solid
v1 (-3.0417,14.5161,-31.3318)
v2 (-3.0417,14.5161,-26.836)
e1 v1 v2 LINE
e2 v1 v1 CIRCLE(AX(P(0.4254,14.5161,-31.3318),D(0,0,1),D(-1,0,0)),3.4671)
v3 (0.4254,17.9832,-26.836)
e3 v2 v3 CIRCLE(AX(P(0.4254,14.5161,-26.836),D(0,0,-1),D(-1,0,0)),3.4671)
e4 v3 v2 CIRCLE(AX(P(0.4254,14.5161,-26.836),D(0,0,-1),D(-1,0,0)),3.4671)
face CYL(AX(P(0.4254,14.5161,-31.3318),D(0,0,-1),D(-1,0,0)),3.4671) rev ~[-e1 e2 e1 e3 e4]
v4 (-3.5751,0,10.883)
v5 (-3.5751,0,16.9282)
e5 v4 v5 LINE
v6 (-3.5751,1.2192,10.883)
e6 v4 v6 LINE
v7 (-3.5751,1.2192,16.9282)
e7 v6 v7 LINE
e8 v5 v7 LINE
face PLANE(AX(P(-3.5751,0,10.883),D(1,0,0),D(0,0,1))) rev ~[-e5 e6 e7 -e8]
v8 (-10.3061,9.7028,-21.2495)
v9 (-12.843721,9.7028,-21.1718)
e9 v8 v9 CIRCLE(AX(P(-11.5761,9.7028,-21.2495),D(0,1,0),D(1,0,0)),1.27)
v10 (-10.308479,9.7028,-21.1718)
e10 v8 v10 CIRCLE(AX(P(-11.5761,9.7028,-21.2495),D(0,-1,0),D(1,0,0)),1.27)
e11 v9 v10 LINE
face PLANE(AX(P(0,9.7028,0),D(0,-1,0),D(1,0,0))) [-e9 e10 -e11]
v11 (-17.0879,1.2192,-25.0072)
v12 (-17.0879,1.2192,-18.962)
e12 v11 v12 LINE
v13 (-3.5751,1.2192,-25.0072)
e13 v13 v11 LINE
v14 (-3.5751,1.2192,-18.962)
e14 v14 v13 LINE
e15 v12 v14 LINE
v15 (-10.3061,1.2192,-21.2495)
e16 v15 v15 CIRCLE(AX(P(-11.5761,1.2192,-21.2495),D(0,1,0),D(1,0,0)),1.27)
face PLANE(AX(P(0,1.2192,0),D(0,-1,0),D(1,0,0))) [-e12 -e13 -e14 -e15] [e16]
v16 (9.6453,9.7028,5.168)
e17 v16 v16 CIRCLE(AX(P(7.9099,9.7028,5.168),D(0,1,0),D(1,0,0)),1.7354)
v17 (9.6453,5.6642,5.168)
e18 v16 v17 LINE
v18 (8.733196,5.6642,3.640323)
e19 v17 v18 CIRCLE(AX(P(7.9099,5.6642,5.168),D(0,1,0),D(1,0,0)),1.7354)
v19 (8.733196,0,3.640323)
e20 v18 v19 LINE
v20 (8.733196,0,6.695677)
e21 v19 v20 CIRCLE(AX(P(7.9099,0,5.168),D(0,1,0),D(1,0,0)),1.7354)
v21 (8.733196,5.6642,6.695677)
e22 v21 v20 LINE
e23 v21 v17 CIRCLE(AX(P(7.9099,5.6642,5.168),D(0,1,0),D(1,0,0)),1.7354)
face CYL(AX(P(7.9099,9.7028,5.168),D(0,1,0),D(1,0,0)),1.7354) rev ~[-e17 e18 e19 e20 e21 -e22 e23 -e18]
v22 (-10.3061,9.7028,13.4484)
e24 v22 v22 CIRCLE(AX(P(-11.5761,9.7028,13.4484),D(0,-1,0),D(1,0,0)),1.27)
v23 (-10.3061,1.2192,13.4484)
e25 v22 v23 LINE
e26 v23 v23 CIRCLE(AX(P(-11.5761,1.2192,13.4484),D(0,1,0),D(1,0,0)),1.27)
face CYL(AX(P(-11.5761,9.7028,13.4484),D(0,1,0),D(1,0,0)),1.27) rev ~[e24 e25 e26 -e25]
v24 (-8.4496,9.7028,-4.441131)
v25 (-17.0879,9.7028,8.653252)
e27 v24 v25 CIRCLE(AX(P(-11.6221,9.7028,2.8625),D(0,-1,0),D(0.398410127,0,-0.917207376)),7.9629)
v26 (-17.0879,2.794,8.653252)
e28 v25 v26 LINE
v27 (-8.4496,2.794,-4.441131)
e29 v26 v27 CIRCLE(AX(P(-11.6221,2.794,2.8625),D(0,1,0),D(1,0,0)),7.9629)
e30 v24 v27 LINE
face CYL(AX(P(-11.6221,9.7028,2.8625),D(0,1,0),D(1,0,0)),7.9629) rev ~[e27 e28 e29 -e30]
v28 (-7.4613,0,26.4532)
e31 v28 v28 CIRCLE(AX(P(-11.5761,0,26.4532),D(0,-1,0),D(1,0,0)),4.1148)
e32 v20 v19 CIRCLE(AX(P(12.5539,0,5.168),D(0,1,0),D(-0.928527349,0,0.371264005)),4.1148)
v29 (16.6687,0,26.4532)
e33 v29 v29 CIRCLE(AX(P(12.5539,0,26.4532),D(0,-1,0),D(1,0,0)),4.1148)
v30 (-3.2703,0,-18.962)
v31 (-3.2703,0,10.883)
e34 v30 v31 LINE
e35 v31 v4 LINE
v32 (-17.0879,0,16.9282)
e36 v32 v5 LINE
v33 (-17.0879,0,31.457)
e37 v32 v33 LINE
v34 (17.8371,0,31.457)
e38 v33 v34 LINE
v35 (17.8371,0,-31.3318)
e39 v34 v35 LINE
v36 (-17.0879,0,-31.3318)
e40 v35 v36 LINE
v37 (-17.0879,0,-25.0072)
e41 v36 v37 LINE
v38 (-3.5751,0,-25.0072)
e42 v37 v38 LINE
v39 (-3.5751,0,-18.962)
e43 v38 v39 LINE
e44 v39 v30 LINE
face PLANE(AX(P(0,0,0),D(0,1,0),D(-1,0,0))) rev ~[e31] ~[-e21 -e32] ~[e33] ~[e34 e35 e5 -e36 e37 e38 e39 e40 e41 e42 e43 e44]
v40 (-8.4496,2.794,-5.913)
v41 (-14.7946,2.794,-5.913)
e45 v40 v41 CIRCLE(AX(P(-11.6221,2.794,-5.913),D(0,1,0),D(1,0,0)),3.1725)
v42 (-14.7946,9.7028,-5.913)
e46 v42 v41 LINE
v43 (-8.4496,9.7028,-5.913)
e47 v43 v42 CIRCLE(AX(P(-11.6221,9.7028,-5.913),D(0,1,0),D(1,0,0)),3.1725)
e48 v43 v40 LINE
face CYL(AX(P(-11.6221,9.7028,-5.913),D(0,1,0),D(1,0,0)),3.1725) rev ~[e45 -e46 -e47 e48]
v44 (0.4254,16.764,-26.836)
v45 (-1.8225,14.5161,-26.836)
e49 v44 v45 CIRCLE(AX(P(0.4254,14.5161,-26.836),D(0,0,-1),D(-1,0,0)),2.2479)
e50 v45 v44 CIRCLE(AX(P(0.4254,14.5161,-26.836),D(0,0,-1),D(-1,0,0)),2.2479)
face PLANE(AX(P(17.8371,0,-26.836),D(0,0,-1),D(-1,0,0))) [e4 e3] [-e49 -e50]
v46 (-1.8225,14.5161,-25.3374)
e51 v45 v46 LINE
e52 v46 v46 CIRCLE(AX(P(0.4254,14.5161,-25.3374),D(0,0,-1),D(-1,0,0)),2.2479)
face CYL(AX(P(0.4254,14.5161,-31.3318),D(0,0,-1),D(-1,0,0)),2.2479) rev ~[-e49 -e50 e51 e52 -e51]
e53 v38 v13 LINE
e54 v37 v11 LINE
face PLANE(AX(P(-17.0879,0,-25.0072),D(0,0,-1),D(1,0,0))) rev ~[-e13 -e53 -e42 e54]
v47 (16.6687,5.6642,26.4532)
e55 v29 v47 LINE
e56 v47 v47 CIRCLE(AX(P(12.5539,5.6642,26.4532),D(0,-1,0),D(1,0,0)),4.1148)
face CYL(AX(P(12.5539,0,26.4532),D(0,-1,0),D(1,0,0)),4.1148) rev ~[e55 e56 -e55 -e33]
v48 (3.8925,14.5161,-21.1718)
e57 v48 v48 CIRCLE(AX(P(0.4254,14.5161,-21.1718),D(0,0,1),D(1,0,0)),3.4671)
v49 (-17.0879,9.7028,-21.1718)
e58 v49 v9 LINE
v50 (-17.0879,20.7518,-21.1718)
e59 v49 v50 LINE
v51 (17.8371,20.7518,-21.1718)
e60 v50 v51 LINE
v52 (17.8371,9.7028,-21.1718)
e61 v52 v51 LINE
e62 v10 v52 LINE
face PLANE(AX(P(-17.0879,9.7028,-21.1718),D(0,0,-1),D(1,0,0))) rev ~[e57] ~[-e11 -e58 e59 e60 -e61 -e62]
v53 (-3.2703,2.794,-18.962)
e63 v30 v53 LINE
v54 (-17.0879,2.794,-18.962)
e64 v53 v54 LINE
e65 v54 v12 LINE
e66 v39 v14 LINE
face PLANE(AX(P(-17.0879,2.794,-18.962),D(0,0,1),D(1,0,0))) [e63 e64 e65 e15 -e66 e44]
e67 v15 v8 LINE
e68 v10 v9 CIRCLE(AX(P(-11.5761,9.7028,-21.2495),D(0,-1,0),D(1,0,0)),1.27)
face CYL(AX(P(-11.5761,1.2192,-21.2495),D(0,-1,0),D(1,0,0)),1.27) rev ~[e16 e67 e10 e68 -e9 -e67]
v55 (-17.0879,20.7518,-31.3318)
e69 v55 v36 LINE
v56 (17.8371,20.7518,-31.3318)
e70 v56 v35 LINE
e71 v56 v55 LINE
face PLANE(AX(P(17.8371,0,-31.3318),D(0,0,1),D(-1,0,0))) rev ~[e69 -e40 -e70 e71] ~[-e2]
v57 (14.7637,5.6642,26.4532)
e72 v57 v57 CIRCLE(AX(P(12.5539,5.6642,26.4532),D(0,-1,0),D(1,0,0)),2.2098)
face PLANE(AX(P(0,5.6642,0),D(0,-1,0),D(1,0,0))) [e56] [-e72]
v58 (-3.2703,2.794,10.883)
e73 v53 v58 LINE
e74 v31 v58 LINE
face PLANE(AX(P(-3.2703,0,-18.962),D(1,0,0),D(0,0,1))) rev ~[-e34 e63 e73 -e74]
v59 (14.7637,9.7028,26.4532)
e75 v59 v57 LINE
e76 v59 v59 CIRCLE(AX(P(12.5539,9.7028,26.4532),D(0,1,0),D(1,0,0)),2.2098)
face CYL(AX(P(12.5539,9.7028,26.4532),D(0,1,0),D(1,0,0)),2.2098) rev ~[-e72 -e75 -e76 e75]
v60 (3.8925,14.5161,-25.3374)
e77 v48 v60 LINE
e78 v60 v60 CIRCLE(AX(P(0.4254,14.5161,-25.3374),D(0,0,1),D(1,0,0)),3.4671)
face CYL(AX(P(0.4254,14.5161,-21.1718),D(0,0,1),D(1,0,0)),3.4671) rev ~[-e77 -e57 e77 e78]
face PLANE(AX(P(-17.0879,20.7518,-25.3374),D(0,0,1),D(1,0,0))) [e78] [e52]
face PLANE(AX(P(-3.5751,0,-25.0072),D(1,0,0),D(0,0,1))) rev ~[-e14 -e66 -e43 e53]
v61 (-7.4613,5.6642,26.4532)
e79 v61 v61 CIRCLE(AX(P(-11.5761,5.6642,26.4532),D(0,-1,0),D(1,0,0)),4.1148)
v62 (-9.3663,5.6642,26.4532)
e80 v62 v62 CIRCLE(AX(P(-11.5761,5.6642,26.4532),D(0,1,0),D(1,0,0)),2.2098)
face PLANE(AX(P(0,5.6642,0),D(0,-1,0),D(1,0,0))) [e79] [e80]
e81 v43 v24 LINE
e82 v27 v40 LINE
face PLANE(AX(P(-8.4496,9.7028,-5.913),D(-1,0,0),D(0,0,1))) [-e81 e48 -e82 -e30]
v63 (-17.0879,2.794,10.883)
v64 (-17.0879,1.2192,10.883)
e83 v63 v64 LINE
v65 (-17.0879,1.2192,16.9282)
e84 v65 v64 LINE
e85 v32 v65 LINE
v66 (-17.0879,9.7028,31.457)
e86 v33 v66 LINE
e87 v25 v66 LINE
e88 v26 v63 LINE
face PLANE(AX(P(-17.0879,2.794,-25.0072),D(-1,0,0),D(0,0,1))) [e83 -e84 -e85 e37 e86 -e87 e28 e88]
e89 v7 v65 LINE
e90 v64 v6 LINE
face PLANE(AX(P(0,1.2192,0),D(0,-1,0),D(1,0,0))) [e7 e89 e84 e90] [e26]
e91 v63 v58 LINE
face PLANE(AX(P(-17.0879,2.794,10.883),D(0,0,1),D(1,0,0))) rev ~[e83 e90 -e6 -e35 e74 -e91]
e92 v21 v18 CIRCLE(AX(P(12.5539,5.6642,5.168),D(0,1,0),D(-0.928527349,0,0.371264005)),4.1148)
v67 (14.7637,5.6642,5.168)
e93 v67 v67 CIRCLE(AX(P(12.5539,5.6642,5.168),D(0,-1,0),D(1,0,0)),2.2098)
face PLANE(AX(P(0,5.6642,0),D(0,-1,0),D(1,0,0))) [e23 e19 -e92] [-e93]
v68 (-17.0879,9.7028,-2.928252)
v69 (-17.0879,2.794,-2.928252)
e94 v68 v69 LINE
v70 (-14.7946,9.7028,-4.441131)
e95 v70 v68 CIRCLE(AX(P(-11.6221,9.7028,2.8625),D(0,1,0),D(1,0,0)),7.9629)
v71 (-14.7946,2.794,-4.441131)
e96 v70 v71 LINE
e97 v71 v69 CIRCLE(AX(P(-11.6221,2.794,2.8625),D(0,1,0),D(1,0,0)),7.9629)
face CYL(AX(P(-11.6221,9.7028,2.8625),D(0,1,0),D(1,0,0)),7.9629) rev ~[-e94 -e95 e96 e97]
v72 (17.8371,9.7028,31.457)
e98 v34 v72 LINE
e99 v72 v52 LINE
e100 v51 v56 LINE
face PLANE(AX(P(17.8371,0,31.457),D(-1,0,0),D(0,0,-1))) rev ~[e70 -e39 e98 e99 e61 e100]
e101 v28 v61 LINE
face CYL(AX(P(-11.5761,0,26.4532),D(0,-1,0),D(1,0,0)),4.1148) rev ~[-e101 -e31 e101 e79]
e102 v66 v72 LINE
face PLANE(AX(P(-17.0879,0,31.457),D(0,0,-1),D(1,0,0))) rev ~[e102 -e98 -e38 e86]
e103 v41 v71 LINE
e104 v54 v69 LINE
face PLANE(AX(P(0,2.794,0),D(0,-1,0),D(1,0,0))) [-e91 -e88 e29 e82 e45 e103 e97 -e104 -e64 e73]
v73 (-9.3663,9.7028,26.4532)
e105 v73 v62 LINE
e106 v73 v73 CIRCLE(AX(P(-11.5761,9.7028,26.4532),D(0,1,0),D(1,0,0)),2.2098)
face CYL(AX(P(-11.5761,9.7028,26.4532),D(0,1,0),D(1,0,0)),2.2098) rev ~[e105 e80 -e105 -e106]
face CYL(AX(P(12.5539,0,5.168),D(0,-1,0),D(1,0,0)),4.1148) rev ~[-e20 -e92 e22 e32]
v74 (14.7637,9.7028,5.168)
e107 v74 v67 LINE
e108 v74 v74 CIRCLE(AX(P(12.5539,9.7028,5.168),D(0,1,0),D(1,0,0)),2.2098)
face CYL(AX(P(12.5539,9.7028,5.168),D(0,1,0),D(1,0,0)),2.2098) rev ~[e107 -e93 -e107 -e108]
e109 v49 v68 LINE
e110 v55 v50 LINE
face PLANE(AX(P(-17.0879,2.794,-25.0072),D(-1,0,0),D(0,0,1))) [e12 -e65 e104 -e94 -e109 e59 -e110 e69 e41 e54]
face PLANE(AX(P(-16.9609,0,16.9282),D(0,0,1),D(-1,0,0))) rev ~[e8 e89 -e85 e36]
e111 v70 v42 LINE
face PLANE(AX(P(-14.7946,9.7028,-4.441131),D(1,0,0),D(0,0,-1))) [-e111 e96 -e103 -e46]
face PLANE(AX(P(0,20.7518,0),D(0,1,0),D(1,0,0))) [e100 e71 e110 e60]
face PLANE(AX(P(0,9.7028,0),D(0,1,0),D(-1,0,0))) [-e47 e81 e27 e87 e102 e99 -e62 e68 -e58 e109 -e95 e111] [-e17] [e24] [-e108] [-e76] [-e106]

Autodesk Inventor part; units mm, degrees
ref_plane "YZ Plane" through (0, 0, 0) normal (1, 0, 0) x (0, 1, 0)
ref_plane "XZ Plane" through (0, 0, 0) normal (0, 1, 0) x (-1, 0, 0)
sketch "Sketch1" plane through (0, 0, 0) normal (0, 1, 0) x (-1, 0, 0)
  line L0 (17.0879, 31.457) -> (-17.8371, 31.457)
  line L1 (-17.8371, 31.457) -> (-17.8371, -31.3318)
  line L2 (-17.8371, -31.3318) -> (17.0879, -31.3318)
  line L3 (17.0879, -31.3318) -> (17.0879, 31.457)
  point P0 (0, 0)
  dimension "d0" = 34.925
  dimension "d1" = 62.7888
extrude "Extrusion1" add sketch "Sketch1" along normal blind 9.7028
sketch "Sketch2" plane through (0, 9.7028, 0) normal (0, 1, 0) x (1, 0, 0)
  line L0 (17.8371, -31.457) -> (17.8371, 31.3318) projected
  line L1 (-17.0879, 31.3318) -> (-17.0879, -31.457) projected
  line L2 (17.8371, 31.3318) -> (-17.0879, 31.3318)
  line L3 (-17.0879, 31.3318) -> (-17.0879, 21.1718)
  line L4 (-17.0879, 21.1718) -> (17.8371, 21.1718)
  line L5 (17.8371, 21.1718) -> (17.8371, 31.3318)
  point P0 (0, 0)
  dimension "d4" = 10.16
extrude "Extrusion2" add sketch "Sketch2" along normal blind 11.049
sketch "Sketch3" plane through (0, 0, 0) normal (0, -1, 0) x (1, 0, 0)
  line L0 (17.8371, -31.3318) -> (-17.0879, -31.3318) projected
  line L1 (-17.0879, -31.3318) -> (-17.0879, -25.0072)
  line L2 (-17.0879, -31.3318) -> (-17.0879, 31.457) projected
  line L3 (-17.0879, -25.0072) -> (-3.5751, -25.0072)
  line L4 (-3.5751, -25.0072) -> (-3.5751, -18.962)
  line L5 (-3.5751, -18.962) -> (-3.2703, -18.962)
  line L6 (-3.2703, -18.962) -> (-3.2703, 10.883)
  line L7 (-3.2703, 10.883) -> (-3.5751, 10.883)
  line L8 (-3.5751, 10.883) -> (-3.5751, 16.9282)
  line L9 (-3.5751, 16.9282) -> (-16.9609, 16.9282)
  line L10 (-16.9609, 16.9282) -> (-17.0879, 16.9282)
  point P0 (0, 0)
  dimension "d7" = 6.3246
  dimension "d8" = 13.5128
  dimension "d9" = 6.0452
  dimension "d10" = 0.3048
  dimension "d11" = 29.845
  dimension "d14" = 0.3048
  dimension "d15" = 6.0452
  dimension "d16" = 13.3858
extrude "Extrusion3" cut sketch "Sketch3" against normal blind 2.794
sketch "Sketch4" plane through (0, 2.794, 0) normal (0, -1, 0) x (1, 0, 0)
  line L0 (-3.5751, 16.9282) -> (-17.0879, 16.9282)
  line L1 (-17.0879, 16.9282) -> (-17.0879, 10.883)
  line L2 (-17.0879, 10.883) -> (-3.5751, 10.883)
  line L3 (-3.5751, 10.883) -> (-3.5751, 16.9282)
  point P0 (0, 0)
  dimension "d19" = 13.5128
  dimension "d20" = 6.0452
sketch "Sketch5" plane through (0, 2.794, 0) normal (0, -1, 0) x (1, 0, 0)
  line L0 (-3.5751, -18.962) -> (-3.5751, -25.0072) projected
  line L1 (-3.5751, -25.0072) -> (-17.0879, -25.0072)
  line L2 (-17.0879, -25.0072) -> (-17.0879, -18.962)
  line L3 (-17.0879, -18.962) -> (-3.5751, -18.962)
  line L4 (-3.5751, -18.962) -> (-3.5751, -25.0072)
  point P0 (0, 0)
  dimension "d21" = 13.5128
  dimension "d22" = 6.0452
extrude "Extrusion5" add sketch "Sketch4" along normal blind 1.5748
extrude "Extrusion6" add sketch "Sketch5" along normal blind 1.5748
sketch "Sketch6" plane through (0, 9.7028, 0) normal (0, 1, 0) x (1, 0, 0)
  circle A0 centre (-11.6221, -2.8625) radius 7.9629
  line L0 (-17.0879, 18.962) -> (-17.0879, -10.883) projected
  line L1 (-11.6221, -10.1806) -> (-11.6221, 5.913) construction
  line L2 (-14.7946, -10.1806) -> (-14.7946, 5.913)
  line L3 (-8.4496, 5.913) -> (-8.4496, -10.1806)
  arc A1 (-8.4496, 5.913) -> (-14.7946, 5.913) centre (-11.6221, 5.913) ccw
  point P0 (0, 0)
  point P1 (-17.0879, 21.1718)
  point P2 (-11.6221, -2.1338)
  point P3 (-17.0879, 2.9283)
  point P4 (-17.0879, -8.6532)
  point P5 (-8.4496, 4.4412)
  point P6 (-14.7946, 4.4412)
  dimension "d31" = 15.9258
extrude "Extrusion7" cut sketch "Sketch6" against normal blind 25.4 contours A0 L3 | L3 A0 L2 | A0 L2 A1 L3 | L2 A0 L0
ref_plane "Work Plane1" through (0, 0, 0) normal (0, 1, 0) x (1, 0, 0)
sketch "Sketch7" plane through (0, 9.7028, 0) normal (0, 1, 0) x (1, 0, 0)
  line L0 (17.8371, -31.457) -> (17.8371, -28.663)
  line L1 (17.8371, -28.663) -> (17.8371, -26.4532)
  line L2 (14.7637, -26.4532) -> (12.5539, -26.4532)
  circle A0 centre (12.5539, -26.4532) radius 2.2098
  circle A1 centre (12.5539, -5.168) radius 2.2098
  line L3 (-17.0879, -8.6532) -> (-17.0879, -31.457) projected
  line L4 (-17.0879, -26.4532) -> (-13.7859, -26.4532) construction
  circle A2 centre (-11.5761, -26.4532) radius 2.2098
  line L5 (-11.5761, -14.7184) -> (-11.5761, -13.4484)
  circle A3 centre (-11.5761, -13.4484) radius 1.27
  line L6 (-11.5761, -13.4484) -> (-17.0879, -13.4484)
  line L7 (-17.0879, -16.9282) -> (-17.0879, -10.883) projected
  circle A4 centre (12.5539, -5.168) radius 4.1148
  circle A5 centre (12.5539, -26.4532) radius 4.1148
  circle A6 centre (-11.5761, -26.4532) radius 4.1148
  point P0 (0, 0)
  dimension "d37" = 2.794
  dimension "d38" = 2.2098
  dimension "d39" = 3.0734
  dimension "d40" = 2.2098
  dimension "d42" = 4.4196
  dimension "d43" = 4.4196
  dimension "d47" = 4.4196
  dimension "d49" = 1.27
  dimension "d50" = 2.54
  dimension "d58" = 8.2296
  dimension "d59" = 8.2296
  dimension "d60" = 8.2296
extrude "Extrusion8" cut sketch "Sketch7" against normal blind 25.4 contours A0 | A1 | A2 | A3 L6 L5 | L5 L6 A3
sketch "Sketch9" plane through (0, 1.2192, 0) normal (0, -1, 0) x (1, 0, 0)
  line L0 (-3.5751, -18.962) -> (-17.0879, -18.962) projected
  line L1 (-17.0879, -18.962) -> (-11.5761, -18.962)
  line L2 (-11.5761, -25.0595) -> (-11.5761, -21.2495)
  circle A0 centre (-11.5761, -21.2495) radius 1.27
  point P0 (0, 0)
  dimension "d53" = 5.5118
  dimension "d54" = 3.81
  dimension "d55" = 2.54
extrude "Extrusion9" cut sketch "Sketch9" against normal blind 8.4836
sketch "Sketch11" plane through (0, 0, 0) normal (0, -1, 0) x (1, 0, 0)
  circle A0 centre (-11.5761, 26.4532) radius 2.2098 projected
  circle A1 centre (-11.5761, 26.4532) radius 4.1148
  circle A2 centre (12.5539, 26.4532) radius 2.2098 projected
  circle A3 centre (12.5539, 26.4532) radius 4.1148
  circle A4 centre (12.5539, 5.168) radius 2.2098 projected
  circle A5 centre (12.5539, 5.168) radius 4.1148
  point P0 (0, 0)
  dimension "d62" = 8.2296
  dimension "d63" = 8.2296
  dimension "d64" = 8.2296
extrude "Extrusion10" cut sketch "Sketch11" against normal blind 5.6642 contours A0 | A1 | A3 | A5
sketch "Sketch12" plane through (17.8371, 0, -31.3318) normal (0, 0, -1) x (-1, 0, 0)
  line L0 (0, 0) -> (0, 20.7518) projected
  line L1 (0, 20.7518) -> (13.9446, 20.7518)
  line L2 (0, 20.7518) -> (34.925, 20.7518) projected
  line L3 (13.9446, 20.7518) -> (17.4117, 20.7518)
  line L4 (17.4117, 20.7518) -> (17.4117, 17.9832)
  line L5 (17.4117, 17.9832) -> (17.4117, 14.5161)
  circle A0 centre (17.4117, 14.5161) radius 2.2479
  circle A1 centre (17.4117, 14.5161) radius 3.4671
  point P0 (17.8371, 0)
  dimension "d67" = 13.9446
  dimension "d68" = 3.4671
  dimension "d69" = 2.7686
  dimension "d70" = 3.4671
  dimension "d71" = 4.4958
  dimension "d72" = 6.9342
extrude "Extrusion11" cut sketch "Sketch12" against normal through all contours A0
extrude "Extrusion13" cut sketch "Sketch12" against normal blind 4.4958
sketch "Sketch13" plane through (-17.0879, 20.7518, -21.1718) normal (0, 0, 1) x (1, 0, 0)
  circle A0 centre (17.5133, -6.2357) radius 3.4671 projected
  circle A1 centre (17.5133, -6.2357) radius 2.7813
  point P0 (17.0879, -20.7518)
  dimension "d79" = 5.5626
extrude "Extrusion14" cut sketch "Sketch13" against normal blind 4.1656 contours A0 | A1
sketch "Sketch14" plane through (0, 9.7028, 0) normal (0, 1, 0) x (1, 0, 0)
  circle A0 centre (7.9099, -5.168) radius 1.7354
  point P0 (0, 0)
extrude "Extrusion15" cut sketch "Sketch14" against normal blind 12.7
properties part number "Hand1"
